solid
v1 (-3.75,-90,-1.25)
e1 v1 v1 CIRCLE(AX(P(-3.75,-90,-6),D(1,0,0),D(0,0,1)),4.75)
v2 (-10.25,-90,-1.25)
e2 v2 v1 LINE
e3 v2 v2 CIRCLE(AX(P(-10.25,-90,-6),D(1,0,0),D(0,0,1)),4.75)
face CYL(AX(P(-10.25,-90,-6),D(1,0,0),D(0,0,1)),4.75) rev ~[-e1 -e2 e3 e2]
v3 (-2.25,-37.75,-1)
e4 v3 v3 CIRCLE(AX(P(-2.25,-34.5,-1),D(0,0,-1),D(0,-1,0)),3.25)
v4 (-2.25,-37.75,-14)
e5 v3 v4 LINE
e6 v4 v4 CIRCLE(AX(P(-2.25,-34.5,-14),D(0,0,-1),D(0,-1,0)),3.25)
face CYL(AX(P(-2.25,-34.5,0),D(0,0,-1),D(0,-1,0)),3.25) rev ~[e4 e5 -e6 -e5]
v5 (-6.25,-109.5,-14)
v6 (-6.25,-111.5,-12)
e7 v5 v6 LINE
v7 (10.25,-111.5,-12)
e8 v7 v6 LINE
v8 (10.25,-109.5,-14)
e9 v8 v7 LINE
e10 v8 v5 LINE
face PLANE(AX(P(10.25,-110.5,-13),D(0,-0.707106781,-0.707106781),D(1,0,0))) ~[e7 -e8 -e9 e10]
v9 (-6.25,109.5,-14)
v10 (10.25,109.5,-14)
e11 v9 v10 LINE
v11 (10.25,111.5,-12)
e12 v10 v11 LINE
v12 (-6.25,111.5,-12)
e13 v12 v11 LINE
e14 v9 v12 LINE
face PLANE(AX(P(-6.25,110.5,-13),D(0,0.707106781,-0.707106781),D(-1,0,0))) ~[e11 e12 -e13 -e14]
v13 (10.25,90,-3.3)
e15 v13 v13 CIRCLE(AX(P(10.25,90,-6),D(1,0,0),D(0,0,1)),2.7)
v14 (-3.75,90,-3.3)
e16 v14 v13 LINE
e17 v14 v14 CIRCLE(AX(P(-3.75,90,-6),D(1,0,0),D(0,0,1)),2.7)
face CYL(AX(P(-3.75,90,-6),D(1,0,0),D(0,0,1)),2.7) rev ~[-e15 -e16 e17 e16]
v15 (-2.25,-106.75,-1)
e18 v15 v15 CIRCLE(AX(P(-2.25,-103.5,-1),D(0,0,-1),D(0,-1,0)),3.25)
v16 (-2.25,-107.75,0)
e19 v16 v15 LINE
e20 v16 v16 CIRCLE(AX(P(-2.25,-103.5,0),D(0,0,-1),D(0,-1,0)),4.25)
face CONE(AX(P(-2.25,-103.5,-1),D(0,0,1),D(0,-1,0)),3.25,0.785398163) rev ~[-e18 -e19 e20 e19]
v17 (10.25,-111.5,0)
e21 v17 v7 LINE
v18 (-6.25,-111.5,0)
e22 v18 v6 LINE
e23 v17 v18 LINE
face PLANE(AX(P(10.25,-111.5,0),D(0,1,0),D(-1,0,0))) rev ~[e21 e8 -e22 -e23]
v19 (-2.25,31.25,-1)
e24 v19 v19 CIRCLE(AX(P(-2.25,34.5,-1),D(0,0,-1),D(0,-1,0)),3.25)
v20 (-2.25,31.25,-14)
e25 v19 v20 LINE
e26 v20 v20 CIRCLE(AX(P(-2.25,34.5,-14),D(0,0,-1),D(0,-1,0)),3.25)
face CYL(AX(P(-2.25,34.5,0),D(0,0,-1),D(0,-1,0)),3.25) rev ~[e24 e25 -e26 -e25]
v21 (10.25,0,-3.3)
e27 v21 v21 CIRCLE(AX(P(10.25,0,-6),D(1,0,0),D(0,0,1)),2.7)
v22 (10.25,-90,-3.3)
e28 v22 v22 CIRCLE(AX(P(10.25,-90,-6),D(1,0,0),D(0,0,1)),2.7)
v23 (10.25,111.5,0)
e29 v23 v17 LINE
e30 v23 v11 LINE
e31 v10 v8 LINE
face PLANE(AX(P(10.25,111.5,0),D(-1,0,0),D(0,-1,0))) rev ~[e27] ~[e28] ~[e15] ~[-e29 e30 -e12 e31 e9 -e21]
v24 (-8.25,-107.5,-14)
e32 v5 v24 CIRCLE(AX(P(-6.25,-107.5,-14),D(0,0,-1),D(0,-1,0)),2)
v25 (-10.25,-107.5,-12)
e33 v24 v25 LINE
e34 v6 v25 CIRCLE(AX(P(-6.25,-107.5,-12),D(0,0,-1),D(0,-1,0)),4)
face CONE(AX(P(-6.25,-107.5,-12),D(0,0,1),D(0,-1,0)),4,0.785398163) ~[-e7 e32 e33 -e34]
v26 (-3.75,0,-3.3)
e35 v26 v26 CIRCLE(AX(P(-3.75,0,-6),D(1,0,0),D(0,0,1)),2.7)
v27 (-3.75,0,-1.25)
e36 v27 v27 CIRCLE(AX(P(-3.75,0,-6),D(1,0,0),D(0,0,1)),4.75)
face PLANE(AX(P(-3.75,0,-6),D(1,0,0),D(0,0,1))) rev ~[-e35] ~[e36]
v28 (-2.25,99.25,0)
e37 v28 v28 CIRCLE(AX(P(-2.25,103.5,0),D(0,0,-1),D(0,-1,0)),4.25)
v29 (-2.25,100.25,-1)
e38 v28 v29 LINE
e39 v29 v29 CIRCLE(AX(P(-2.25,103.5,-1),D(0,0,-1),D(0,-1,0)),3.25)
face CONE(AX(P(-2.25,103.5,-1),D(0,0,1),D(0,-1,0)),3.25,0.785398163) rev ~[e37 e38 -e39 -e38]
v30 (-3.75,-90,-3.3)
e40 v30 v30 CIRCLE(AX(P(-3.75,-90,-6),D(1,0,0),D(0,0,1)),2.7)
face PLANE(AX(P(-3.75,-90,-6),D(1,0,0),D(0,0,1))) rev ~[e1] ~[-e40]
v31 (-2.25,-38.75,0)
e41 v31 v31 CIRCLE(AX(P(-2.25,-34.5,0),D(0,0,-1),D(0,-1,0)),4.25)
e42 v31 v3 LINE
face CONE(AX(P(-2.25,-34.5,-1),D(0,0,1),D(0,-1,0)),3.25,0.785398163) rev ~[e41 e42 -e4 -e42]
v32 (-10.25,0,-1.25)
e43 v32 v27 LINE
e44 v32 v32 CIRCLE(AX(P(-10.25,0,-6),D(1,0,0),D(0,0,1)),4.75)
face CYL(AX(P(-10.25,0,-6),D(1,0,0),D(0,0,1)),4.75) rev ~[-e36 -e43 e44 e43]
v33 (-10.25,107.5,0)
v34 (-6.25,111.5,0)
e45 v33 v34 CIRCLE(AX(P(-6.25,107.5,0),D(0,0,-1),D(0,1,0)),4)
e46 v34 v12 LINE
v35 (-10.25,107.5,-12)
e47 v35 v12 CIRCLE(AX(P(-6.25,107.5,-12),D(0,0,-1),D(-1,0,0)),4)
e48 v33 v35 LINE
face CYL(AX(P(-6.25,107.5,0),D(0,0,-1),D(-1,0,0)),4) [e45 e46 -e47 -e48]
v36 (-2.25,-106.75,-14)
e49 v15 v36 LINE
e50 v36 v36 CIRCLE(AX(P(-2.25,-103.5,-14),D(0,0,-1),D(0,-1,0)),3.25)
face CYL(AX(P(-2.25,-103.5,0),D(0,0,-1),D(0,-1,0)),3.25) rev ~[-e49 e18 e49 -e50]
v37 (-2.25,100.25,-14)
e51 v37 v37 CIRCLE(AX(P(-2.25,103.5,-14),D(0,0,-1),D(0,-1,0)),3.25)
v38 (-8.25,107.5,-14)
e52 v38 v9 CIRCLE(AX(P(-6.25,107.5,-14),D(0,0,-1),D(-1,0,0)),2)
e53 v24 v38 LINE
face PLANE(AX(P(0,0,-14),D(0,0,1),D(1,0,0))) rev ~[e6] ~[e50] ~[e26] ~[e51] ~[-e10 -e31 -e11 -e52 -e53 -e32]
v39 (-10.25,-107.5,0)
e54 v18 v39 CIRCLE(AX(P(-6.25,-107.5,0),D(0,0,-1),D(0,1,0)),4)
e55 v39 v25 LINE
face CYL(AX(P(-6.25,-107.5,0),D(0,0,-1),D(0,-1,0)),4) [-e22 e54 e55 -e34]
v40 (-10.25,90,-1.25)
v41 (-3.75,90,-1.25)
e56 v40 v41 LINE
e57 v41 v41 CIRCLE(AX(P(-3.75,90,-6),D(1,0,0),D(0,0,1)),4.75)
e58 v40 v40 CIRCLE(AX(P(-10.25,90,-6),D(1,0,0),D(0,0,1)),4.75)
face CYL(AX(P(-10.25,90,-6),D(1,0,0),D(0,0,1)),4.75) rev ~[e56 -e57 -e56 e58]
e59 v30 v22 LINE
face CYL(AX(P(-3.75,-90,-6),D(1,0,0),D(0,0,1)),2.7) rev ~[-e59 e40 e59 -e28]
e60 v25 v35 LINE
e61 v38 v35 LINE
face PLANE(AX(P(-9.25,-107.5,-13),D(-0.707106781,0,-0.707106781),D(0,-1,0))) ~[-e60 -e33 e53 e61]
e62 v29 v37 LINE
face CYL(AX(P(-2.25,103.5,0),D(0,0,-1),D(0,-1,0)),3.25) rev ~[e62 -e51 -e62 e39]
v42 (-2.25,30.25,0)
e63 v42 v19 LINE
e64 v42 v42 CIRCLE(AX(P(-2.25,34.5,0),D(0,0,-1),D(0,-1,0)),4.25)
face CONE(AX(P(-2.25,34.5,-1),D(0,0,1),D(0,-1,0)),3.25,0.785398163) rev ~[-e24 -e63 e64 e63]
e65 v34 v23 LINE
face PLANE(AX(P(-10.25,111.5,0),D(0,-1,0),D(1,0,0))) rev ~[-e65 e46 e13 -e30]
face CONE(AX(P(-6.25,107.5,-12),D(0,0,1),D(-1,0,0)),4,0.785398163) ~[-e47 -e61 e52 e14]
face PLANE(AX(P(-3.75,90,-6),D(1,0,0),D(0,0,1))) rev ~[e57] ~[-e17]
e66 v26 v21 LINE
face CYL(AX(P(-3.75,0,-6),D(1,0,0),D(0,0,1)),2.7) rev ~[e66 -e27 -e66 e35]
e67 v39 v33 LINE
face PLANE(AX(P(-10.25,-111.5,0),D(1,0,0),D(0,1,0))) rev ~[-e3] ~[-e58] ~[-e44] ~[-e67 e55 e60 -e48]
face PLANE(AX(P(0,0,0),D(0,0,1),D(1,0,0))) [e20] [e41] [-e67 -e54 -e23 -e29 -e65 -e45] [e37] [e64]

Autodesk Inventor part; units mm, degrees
ref_plane "YZ Plane" through (0, 0, 0) normal (1, 0, 0) x (0, 1, 0)
ref_plane "XZ Plane" through (0, 0, 0) normal (0, 1, 0) x (-1, 0, 0)
ref_plane "XY Plane" through (0, 0, 0) normal (0, 0, 1) x (1, 0, 0)
sketch "Sketch1" plane through (0, 0, 0) normal (0, 0, 1) x (1, 0, 0)
  line L0 (10.25, -111.5) -> (-10.25, -111.5)
  line L1 (-10.25, -111.5) -> (-10.25, 111.5)
  line L2 (-10.25, 111.5) -> (10.25, 111.5)
  line L3 (10.25, 111.5) -> (10.25, -111.5)
  line L4 (10.25, -111.5) -> (-10.25, 111.5) construction
  line L5 (-10.25, -111.5) -> (10.25, 111.5) construction
  line L6 (-2.25, 103.5) -> (-2.25, -103.5) construction
  point P0 (0, 0)
  point P1 (-2.25, 34.5)
  point P2 (-2.25, -34.5)
  point P3 (-2.25, 0)
  dimension "d0" = 20.5
  dimension "d4" = 69
  dimension "d9" = 8
  dimension "d10" = 8
extrude "Extrusion1" add sketch "Sketch1" against normal blind 14
fillet "Fillet1" radius 4 2 edges at (-10.25, 111.5, -7) (-10.25, -111.5, -7)
chamfer "Chamfer1" distance 2 angle 45 5 edges at (2, 111.5, -14) (-9.0784, 110.3284, -14) (-10.25, 0, -14) (-9.0784, -110.3284, -14) (2, -111.5, -14)
hole "Hole1" at (-2.25, 103.5, 0) at (-2.25, 34.5, 0) at (-2.25, -34.5, 0) at (-2.25, -103.5, 0) direction (0, 0, -1) diameter 6.5 end through all
sketch "Sketch2" plane through (-10.25, -107.5, 0) normal (-1, 0, 0) x (0, 0, 1)
  line L0 (-6, 197.5) -> (-6, 17.5) construction
  line L1 (0, 215) -> (0, 0) projected
  point P0 (0, 107.5)
  point P1 (0, 107.5)
  point P2 (-6, 107.5)
  point P3 (-6, 107.5)
  dimension "d24" = 180
  dimension "d25" = 6
hole "Hole2" at (-10.25, 90, -6) at (-10.25, 0, -6) at (-10.25, -90, -6) direction (1, 0, 0) diameter 5.4 end through all counterbore diameter 9.5 counterbore depth 6.5
chamfer "Chamfer2" distance 1 angle 45 4 edges at (-2.25, -100.25, 0) (-2.25, -31.25, 0) (-2.25, 37.75, 0) (-2.25, 106.75, 0)
equation "\"d10\" = d9"
properties part number "Door Bar Front Panel Mount" material "ABS Plastic"
